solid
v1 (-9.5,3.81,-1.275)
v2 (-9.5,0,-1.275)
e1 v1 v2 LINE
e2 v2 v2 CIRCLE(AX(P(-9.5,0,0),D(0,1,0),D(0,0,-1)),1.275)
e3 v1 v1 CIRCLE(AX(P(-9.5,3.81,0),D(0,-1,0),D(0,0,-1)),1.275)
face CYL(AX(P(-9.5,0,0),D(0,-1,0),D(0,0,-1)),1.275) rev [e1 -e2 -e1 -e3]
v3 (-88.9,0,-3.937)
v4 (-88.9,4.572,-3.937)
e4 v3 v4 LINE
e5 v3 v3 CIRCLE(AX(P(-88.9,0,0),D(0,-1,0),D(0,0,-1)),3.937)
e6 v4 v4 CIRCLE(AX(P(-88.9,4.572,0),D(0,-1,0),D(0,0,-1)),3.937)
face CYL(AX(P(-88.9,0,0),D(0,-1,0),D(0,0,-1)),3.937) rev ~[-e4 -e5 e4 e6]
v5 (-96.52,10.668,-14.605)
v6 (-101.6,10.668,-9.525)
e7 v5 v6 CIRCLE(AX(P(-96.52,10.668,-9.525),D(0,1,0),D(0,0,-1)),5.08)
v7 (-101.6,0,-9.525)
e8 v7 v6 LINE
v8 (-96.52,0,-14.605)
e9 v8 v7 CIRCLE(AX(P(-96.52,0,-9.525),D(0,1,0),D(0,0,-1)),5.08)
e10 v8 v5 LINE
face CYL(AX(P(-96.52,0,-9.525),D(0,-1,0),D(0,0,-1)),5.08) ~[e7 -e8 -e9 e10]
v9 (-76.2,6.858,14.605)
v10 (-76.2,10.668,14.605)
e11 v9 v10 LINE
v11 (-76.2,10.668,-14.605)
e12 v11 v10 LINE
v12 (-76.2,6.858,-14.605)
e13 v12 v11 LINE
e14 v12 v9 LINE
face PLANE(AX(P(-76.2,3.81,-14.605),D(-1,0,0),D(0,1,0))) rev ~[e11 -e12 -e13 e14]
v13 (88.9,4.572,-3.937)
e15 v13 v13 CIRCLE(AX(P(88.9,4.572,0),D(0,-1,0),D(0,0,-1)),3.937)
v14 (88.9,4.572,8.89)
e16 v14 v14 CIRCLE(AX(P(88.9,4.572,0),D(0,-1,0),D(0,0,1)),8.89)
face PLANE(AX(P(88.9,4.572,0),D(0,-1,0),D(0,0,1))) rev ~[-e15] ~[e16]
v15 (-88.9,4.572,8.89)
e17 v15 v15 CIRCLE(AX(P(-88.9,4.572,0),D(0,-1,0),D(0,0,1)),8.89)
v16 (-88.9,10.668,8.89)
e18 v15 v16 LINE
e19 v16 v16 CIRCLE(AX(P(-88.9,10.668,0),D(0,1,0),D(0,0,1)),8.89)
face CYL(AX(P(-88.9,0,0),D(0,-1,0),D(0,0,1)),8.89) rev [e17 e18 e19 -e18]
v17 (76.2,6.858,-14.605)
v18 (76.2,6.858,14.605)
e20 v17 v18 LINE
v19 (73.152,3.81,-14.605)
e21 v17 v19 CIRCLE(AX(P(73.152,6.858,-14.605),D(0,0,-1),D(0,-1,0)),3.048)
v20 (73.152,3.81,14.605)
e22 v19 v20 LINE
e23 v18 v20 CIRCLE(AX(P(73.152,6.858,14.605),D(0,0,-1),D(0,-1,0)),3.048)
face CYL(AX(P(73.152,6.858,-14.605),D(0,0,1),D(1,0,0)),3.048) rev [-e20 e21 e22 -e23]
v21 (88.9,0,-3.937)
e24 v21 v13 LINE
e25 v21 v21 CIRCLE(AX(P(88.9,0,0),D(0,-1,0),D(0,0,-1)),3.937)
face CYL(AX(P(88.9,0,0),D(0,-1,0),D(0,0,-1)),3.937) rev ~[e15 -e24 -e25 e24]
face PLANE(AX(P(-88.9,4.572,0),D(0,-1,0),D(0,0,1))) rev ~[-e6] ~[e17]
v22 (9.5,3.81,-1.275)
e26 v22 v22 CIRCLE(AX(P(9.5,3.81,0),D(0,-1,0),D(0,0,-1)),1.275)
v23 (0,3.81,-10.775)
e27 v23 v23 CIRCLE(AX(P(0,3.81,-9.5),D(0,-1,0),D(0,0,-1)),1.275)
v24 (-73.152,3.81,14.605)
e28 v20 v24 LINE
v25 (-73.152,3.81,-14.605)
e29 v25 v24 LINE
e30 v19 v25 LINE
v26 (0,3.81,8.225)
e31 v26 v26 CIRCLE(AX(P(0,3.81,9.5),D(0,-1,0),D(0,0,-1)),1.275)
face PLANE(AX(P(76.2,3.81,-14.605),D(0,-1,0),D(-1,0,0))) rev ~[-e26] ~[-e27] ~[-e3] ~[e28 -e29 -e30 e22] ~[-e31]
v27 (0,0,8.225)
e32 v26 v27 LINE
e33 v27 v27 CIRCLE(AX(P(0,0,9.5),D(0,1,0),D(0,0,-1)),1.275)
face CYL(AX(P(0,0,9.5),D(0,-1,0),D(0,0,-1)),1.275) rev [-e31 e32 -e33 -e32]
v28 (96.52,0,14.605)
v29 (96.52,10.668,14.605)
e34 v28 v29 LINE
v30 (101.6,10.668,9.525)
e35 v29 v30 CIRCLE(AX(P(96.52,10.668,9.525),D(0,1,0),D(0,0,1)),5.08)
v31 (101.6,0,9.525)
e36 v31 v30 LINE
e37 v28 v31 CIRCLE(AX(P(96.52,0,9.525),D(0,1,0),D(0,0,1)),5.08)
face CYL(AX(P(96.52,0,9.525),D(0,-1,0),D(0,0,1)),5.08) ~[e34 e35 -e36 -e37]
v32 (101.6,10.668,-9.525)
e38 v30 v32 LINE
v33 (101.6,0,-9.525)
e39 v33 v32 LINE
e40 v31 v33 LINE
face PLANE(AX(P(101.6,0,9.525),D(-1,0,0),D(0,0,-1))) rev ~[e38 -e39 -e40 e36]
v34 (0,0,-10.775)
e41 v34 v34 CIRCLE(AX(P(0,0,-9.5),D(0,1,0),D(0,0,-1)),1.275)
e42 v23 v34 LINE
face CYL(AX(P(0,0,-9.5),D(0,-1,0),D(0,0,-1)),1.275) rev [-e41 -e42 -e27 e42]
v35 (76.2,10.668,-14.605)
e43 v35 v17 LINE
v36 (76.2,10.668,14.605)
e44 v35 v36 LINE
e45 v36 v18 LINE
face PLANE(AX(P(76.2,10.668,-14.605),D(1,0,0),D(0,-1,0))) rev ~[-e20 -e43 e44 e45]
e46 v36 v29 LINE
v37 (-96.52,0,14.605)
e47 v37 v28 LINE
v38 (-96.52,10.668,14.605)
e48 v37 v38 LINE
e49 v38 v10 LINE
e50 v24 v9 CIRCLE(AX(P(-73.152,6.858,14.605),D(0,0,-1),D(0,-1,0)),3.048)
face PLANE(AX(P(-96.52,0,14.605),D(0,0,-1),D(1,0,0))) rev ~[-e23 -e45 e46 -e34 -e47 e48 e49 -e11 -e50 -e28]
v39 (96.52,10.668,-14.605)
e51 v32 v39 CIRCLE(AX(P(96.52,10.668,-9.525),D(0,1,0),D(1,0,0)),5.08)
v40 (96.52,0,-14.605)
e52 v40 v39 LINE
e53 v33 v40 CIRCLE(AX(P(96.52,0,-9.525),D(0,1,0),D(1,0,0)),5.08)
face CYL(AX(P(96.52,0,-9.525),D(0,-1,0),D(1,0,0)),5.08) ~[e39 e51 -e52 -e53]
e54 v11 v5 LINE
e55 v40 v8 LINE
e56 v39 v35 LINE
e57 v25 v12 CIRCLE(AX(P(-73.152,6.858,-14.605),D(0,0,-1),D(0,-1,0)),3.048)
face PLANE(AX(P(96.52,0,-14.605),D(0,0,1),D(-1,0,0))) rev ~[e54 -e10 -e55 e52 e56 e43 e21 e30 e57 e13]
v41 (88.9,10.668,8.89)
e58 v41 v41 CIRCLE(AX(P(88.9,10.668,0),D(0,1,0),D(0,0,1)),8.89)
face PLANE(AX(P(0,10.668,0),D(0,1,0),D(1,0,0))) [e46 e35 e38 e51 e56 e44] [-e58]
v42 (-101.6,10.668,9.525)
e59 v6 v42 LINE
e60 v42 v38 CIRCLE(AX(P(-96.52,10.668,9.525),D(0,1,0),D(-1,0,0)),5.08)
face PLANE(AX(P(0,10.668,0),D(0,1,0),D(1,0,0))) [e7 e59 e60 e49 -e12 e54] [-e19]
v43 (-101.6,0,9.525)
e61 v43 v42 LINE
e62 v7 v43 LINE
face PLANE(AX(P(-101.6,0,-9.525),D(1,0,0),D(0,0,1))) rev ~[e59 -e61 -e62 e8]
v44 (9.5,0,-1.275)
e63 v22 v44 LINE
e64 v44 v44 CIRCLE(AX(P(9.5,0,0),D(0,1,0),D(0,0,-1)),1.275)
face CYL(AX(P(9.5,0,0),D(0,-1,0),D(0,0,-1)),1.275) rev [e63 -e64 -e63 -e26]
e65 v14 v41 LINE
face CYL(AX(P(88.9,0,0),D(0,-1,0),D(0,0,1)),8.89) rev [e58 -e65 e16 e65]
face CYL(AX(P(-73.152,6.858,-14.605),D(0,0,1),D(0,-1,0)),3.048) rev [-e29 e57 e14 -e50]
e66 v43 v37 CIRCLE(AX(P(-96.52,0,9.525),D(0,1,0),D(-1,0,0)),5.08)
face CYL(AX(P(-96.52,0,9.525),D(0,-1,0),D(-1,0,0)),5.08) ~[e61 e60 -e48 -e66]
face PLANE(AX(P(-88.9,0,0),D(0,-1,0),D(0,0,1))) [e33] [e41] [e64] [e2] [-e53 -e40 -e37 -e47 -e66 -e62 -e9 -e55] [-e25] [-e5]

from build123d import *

# Parameters (mm, degrees)
SKETCH1_R                = 13.97
SKETCH1_R_2              = 1.275
BOSS_EXTRUDE1_DEPTH      = 3.048
BOSS_EXTRUDE2_DEPTH      = 7.62
BOSS_EXTRUDE2_DEPTH_BACK = 3.048
SKETCH2_R                = 8.89
SKETCH2_R_2              = 1.275
CUT_EXTRUDE2_DEPTH       = 107.252483849
SKETCH6_R                = 8.89
SKETCH6_R_2              = 3.937
BOSS_EXTRUDE3_DEPTH      = 4.572
FILLET2_R                = 3.048


with BuildPart() as part:
    # Sketch1 → Boss-Extrude1 (new body)
    with BuildSketch(Plane(origin=(0, 0, 0), x_dir=(1, 0, 0), z_dir=(0, 1, 0))):
        with Locations(Location((0, 0, 0), (0, 0, 90))):
            Circle(SKETCH1_R)
        with Locations(Location((0, 9.5, 0), (0, 0, 90))):
            Circle(SKETCH1_R_2, mode=Mode.SUBTRACT)
        with Locations(Location((9.5, 0, 0), (0, 0, 90))):
            Circle(SKETCH1_R_2, mode=Mode.SUBTRACT)
        with Locations(Location((0, -9.5, 0), (0, 0, 90))):
            Circle(SKETCH1_R_2, mode=Mode.SUBTRACT)
        with Locations(Location((-9.5, 0, 0), (0, 0, 90))):
            Circle(SKETCH1_R_2, mode=Mode.SUBTRACT)
    extrude(amount=BOSS_EXTRUDE1_DEPTH)

    # Sketch2 → Boss-Extrude2 (add, two sides: drawn at the far end of the back side and taken through both)
    with BuildSketch(Plane(origin=(0, 3.048, 0), x_dir=(1, 0, 0), z_dir=(0, 1, 0)).offset(-BOSS_EXTRUDE2_DEPTH_BACK)):
        with BuildLine():
            Line((-96.52, -14.605), (96.52, -14.605))
            ThreePointArc((96.52, -14.605), (100.112102448, -13.117102448), (101.6, -9.525))
            Line((101.6, -9.525), (101.6, 9.525))
            ThreePointArc((101.6, 9.525), (100.112102448, 13.117102448), (96.52, 14.605))
            Line((96.52, 14.605), (-96.52, 14.605))
            ThreePointArc((-96.52, 14.605), (-100.112102448, 13.117102448), (-101.6, 9.525))
            Line((-101.6, 9.525), (-101.6, -9.525))
            ThreePointArc((-101.6, -9.525), (-100.112102448, -13.117102448), (-96.52, -14.605))
        make_face()
        with Locations(Location((-88.9, 0, 0), (0, 0, 270))):
            Circle(SKETCH2_R, mode=Mode.SUBTRACT)
        with Locations(Location((88.9, 0, 0), (0, 0, 270))):
            Circle(SKETCH2_R, mode=Mode.SUBTRACT)
        with Locations(Location((9.5, 0, 0), (0, 0, 90))):
            Circle(SKETCH2_R_2, mode=Mode.SUBTRACT)
        with Locations(Location((0, 9.5, 0), (0, 0, 90))):
            Circle(SKETCH2_R_2, mode=Mode.SUBTRACT)
        with Locations(Location((-9.5, 0, 0), (0, 0, 90))):
            Circle(SKETCH2_R_2, mode=Mode.SUBTRACT)
        with Locations(Location((0, -9.5, 0), (0, 0, 90))):
            Circle(SKETCH2_R_2, mode=Mode.SUBTRACT)
    extrude(amount=BOSS_EXTRUDE2_DEPTH + BOSS_EXTRUDE2_DEPTH_BACK)

    # Sketch5 → Cut-Extrude2 (cut, through all)
    with BuildSketch(Plane(origin=(0, 0, -14.605), x_dir=(-1, 0, 0), z_dir=(0, 0, -1))):
        Polygon((-76.2, 3.81), (0, 3.81), (76.2, 3.81), (76.2, 10.668), (-76.2, 10.668), align=None)
    extrude(amount=-CUT_EXTRUDE2_DEPTH, mode=Mode.SUBTRACT)

    # Sketch6 → Boss-Extrude3 (add)
    # profile 1 of 2: a face of its own
    with BuildSketch(Plane.XZ):
        with Locations(Location((-88.9, 0, 0), (0, 0, 90))):
            Circle(SKETCH6_R)
        with Locations(Location((-88.9, 0, 0), (0, 0, 270))):
            Circle(SKETCH6_R_2, mode=Mode.SUBTRACT)
    # profile 2 of 2: a face of its own
    with BuildSketch(Plane.XZ):
        with Locations(Location((88.9, 0, 0), (0, 0, 90))):
            Circle(SKETCH6_R)
        with Locations(Location((88.9, 0, 0), (0, 0, 270))):
            Circle(SKETCH6_R_2, mode=Mode.SUBTRACT)
    extrude(amount=-BOSS_EXTRUDE3_DEPTH)

    # Fillet2
    fillet2_edges = [part.edges().sort_by_distance(p)[0] for p in [
        (-76.2, 3.81, 0),
        (76.2, 3.81, 0),
    ]]
    fillet(fillet2_edges, radius=FILLET2_R)


solid = part.part
